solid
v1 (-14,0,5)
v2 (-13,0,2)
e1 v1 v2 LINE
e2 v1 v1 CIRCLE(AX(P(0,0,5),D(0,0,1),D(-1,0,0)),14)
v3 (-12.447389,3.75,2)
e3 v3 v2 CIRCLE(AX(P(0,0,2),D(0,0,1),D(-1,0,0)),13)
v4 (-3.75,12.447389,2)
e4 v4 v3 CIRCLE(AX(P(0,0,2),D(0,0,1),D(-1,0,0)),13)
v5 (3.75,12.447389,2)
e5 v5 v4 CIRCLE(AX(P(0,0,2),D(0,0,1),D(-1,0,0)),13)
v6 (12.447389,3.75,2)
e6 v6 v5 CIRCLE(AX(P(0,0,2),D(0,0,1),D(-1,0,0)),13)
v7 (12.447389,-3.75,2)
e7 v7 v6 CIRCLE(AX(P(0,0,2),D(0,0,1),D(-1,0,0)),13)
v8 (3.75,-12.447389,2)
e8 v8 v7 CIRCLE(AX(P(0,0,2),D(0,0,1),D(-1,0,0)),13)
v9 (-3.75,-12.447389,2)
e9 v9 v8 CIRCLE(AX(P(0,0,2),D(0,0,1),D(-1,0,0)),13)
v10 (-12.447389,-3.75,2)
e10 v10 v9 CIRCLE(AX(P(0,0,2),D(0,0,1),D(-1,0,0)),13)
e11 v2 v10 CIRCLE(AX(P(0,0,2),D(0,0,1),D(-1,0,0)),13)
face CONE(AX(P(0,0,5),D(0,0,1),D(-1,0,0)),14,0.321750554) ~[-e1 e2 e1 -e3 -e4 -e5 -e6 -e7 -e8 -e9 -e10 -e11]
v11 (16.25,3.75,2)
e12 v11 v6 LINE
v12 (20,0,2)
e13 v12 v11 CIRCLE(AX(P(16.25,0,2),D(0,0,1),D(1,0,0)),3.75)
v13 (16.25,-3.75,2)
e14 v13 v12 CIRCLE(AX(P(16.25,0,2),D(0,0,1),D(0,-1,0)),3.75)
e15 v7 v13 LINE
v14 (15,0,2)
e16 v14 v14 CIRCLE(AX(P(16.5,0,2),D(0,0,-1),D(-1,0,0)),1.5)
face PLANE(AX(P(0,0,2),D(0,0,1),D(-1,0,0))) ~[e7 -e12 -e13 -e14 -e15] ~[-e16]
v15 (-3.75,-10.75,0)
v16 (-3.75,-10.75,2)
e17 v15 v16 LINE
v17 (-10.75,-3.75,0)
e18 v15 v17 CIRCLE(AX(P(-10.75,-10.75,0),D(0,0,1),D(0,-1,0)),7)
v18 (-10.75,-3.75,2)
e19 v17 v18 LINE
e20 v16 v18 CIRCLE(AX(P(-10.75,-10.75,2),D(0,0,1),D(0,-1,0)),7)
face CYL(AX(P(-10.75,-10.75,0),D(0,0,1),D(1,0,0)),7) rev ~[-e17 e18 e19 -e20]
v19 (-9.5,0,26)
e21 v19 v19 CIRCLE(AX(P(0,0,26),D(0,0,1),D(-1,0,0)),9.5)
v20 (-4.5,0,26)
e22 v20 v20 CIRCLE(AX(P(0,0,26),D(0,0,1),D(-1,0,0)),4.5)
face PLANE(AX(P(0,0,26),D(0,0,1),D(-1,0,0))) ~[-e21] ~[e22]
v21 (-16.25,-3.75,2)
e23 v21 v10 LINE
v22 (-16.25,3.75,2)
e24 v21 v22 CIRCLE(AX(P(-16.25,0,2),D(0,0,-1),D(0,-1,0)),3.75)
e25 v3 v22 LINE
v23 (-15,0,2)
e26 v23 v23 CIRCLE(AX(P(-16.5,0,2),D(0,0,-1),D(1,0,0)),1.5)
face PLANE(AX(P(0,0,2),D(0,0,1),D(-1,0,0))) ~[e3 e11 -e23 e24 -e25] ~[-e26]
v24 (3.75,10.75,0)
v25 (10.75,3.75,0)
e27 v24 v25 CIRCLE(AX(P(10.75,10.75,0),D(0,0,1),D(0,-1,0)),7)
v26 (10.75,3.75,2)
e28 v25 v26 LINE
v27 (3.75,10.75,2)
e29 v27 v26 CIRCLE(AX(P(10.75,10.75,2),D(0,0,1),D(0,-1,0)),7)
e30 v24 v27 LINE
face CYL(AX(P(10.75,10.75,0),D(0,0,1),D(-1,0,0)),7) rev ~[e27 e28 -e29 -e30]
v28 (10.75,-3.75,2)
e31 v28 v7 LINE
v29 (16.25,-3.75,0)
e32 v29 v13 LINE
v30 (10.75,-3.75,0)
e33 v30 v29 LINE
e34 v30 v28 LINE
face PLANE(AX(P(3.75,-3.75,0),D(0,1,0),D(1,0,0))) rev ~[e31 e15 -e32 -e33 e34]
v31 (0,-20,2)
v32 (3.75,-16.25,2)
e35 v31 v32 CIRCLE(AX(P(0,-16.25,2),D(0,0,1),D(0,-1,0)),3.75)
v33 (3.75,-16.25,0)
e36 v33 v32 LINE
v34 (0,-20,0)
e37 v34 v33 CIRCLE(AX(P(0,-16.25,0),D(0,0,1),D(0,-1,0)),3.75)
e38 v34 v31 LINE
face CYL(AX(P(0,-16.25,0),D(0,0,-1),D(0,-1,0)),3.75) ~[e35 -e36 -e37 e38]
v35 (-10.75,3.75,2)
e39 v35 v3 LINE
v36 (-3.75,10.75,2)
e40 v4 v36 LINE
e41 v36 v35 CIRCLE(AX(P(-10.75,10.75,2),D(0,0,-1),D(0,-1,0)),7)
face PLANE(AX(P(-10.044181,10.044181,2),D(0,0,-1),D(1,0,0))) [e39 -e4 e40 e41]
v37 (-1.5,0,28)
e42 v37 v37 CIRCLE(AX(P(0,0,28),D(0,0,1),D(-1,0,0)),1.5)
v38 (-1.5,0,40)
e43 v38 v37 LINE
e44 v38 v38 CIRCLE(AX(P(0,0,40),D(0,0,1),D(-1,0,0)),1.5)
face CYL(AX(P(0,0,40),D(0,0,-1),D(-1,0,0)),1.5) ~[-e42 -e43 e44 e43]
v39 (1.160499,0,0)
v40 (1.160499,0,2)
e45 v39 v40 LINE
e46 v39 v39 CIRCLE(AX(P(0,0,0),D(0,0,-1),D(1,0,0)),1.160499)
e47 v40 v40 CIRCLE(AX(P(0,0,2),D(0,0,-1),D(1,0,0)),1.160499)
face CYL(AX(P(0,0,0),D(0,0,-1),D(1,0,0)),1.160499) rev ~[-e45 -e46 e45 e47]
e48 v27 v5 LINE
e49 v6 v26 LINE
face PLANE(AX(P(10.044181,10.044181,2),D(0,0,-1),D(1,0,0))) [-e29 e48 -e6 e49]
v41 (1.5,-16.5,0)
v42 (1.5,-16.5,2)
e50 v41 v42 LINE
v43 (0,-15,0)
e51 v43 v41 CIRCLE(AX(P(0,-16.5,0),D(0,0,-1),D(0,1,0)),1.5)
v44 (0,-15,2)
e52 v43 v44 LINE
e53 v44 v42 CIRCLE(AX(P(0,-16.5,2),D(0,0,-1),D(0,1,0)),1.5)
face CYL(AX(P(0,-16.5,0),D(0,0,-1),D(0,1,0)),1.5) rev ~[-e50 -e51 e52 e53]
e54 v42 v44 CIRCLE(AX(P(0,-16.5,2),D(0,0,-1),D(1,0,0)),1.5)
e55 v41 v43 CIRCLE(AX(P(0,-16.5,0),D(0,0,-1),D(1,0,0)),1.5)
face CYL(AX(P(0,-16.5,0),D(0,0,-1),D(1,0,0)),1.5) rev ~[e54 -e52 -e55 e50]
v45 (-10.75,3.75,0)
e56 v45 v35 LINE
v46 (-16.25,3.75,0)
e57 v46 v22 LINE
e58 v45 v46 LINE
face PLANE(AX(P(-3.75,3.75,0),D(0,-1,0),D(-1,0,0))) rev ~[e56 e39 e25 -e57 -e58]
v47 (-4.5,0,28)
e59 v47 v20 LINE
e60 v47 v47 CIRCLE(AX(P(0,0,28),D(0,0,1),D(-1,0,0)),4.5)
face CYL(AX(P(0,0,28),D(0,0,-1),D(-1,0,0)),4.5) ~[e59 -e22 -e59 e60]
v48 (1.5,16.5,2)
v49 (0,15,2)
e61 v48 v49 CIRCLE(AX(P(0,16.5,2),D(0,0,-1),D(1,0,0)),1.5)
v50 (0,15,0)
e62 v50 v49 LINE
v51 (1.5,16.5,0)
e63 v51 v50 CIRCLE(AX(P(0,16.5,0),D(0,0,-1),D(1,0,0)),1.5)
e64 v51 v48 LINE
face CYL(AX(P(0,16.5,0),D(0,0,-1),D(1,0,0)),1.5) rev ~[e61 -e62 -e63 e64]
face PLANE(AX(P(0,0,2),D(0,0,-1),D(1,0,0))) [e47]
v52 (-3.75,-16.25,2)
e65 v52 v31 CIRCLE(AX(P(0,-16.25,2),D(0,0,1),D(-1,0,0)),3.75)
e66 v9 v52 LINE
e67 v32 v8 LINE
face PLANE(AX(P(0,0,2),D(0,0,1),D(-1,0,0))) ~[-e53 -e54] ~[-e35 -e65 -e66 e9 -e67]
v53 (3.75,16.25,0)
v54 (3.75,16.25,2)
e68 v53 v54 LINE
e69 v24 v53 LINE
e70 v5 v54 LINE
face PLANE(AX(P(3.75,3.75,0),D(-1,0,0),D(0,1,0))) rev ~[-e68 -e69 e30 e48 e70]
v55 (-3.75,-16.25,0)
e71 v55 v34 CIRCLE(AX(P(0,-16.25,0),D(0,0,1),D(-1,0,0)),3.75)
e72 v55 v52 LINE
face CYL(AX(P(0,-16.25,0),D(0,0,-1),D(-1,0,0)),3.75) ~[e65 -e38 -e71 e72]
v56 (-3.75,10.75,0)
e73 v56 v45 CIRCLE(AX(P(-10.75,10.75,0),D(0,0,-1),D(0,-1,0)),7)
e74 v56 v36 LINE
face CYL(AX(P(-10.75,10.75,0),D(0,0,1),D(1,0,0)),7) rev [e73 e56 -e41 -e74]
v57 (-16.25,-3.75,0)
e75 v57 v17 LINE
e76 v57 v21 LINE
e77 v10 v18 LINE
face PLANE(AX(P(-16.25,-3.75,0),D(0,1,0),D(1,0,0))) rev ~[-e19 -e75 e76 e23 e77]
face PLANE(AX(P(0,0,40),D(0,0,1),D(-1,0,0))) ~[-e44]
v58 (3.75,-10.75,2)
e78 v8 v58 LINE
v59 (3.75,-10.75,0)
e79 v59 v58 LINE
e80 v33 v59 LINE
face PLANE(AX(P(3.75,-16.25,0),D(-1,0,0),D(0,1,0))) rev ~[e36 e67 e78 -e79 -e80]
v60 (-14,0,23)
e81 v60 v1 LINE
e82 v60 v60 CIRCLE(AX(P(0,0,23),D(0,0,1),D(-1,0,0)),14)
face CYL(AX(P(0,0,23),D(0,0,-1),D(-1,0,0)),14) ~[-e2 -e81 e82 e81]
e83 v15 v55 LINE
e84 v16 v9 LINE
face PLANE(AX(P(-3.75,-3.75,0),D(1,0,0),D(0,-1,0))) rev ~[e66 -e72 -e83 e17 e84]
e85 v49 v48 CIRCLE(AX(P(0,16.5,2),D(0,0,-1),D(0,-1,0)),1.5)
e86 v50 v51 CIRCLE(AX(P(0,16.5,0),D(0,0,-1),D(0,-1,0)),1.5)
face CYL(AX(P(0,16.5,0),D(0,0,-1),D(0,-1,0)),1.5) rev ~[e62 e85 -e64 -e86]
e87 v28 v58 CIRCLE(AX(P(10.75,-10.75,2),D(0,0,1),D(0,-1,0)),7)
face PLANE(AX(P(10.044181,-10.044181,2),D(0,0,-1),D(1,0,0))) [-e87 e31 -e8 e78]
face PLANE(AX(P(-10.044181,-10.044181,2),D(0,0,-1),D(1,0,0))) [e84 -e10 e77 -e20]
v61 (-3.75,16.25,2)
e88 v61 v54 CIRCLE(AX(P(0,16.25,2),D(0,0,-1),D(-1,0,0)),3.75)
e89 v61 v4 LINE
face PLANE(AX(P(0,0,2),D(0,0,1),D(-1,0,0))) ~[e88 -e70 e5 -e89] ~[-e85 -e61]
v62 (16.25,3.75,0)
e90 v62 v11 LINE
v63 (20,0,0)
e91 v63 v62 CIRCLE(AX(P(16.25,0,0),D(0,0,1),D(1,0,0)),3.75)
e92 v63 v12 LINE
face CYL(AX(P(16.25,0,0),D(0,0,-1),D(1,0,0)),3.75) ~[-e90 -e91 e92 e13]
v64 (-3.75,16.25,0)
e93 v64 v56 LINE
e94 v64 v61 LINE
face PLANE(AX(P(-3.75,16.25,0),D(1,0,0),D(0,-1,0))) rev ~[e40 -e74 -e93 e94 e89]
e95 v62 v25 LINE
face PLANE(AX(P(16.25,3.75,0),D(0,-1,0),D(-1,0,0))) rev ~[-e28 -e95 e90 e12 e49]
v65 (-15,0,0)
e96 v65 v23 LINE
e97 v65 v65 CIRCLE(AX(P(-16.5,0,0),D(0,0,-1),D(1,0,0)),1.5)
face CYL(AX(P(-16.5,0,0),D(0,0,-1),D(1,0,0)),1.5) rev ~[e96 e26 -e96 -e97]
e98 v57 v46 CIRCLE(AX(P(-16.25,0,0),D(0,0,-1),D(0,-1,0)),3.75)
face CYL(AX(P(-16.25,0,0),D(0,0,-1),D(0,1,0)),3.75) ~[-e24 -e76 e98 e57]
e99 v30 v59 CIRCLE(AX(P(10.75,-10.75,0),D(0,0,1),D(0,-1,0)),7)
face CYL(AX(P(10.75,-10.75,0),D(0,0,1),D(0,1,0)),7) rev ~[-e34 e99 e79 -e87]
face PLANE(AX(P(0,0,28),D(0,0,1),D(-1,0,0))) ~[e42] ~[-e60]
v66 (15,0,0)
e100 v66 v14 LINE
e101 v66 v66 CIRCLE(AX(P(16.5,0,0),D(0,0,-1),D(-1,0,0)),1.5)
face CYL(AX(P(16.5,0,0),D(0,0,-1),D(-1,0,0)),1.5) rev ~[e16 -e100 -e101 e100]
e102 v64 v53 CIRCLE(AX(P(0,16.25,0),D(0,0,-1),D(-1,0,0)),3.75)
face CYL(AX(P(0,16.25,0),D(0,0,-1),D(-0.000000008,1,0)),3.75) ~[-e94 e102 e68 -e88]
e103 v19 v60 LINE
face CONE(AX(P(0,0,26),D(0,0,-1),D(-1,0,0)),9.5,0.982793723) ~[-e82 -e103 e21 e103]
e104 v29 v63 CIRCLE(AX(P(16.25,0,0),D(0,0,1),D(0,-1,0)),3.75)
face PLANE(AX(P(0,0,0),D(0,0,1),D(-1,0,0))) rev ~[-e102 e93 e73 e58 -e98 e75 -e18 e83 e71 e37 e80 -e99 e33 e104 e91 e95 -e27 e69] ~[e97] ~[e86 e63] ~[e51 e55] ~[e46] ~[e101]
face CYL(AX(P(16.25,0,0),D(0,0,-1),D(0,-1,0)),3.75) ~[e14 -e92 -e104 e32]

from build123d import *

# Parameters (mm, degrees)
F3_DEPTH = 2
F4_R     = 7
F2_R     = 1.1604986379
F5_DEPTH = 2
F6_R     = 1.5
F7_DEPTH = 2


with BuildPart() as f1:
    # F0 (on Front) → F1 (revolve)
    with BuildSketch(Plane.XZ):
        Polygon((-20, 0), (0, 0), (0, 40), (-1.5, 40), (-1.5, 28), (-4.5, 28), (-4.5, 26), (-9.5, 26), (-14, 23), (-14, 5), (-13, 2), (-20, 2), align=None)
    revolve(axis=Axis((0, 0, 20), (0, 0, 1)))

    # F2 (on face) → F3 (cut)
    with BuildSketch(Plane(origin=(0, 0, 0), x_dir=(1, 0, 0), z_dir=(0, 0, -1))):
        with BuildLine():
            Line((-3.75, 3.75), (-3.75, 16.25))
            ThreePointArc((-3.75, 16.25), (-2.6516504294, 18.9016504294), (0, 20))
            ThreePointArc((0, 20), (-14.1421355915, 14.1421356559), (-20, 9.1e-08))
            ThreePointArc((-20, 9.1e-08), (-18.9016503973, 2.6516504616), (-16.25, 3.75))
            Line((-16.25, 3.75), (-3.75, 3.75))
        make_face()
        with BuildLine():
            ThreePointArc((0, 20), (2.6516504294, 18.9016504294), (3.75, 16.25))
            Line((3.75, 16.25), (3.75, 3.75))
            Line((3.75, 3.75), (16.25, 3.75))
            ThreePointArc((16.25, 3.75), (18.9016504294, 2.6516504294), (20, 0))
            ThreePointArc((20, 0), (14.1421356237, 14.1421356237), (0, 20))
        make_face()
        with BuildLine():
            ThreePointArc((-2.95e-08, -20), (14.1421356133, -14.1421356341), (20, 0))
            ThreePointArc((20, 0), (18.9016504294, -2.6516504294), (16.25, -3.75))
            Line((16.25, -3.75), (3.75, -3.75))
            Line((3.75, -3.75), (3.75, -16.25))
            ThreePointArc((3.75, -16.25), (2.651650419, -18.9016504399), (-2.95e-08, -20))
        make_face()
        with BuildLine():
            ThreePointArc((-16.25, -3.75), (-18.9016504616, -2.6516503973), (-20, 9.1e-08))
            ThreePointArc((-20, 9.1e-08), (-14.1421356663, -14.1421355811), (-2.95e-08, -20))
            ThreePointArc((-2.95e-08, -20), (-2.6516504399, -18.901650419), (-3.75, -16.25))
            Line((-3.75, -16.25), (-3.75, -3.75))
            Line((-3.75, -3.75), (-16.25, -3.75))
        make_face()
    extrude(amount=-F3_DEPTH, mode=Mode.SUBTRACT)

    # F4
    f4_edges = [f1.edges().sort_by_distance(p)[0] for p in [
        (3.75, 3.75, 1),
        (-3.75, 3.75, 1),
        (-3.75, -3.75, 1),
        (3.75, -3.75, 1),
    ]]
    fillet(f4_edges, radius=F4_R)

    # F2 (on face) → F5 (cut)
    with BuildSketch(Plane(origin=(0, 0, 0), x_dir=(1, 0, 0), z_dir=(0, 0, -1))):
        Circle(F2_R)
    extrude(amount=-F5_DEPTH, mode=Mode.SUBTRACT)

    # F6 (on face) → F7 (cut)
    with BuildSketch(Plane(origin=(0, 0, 0), x_dir=(1, 0, 0), z_dir=(0, 0, -1))):
        with BuildLine():
            ThreePointArc((1.5, 16.5), (-1.0606601718, 17.5606601718), (0, 15))
            ThreePointArc((0, 15), (1.0606601718, 15.4393398282), (1.5, 16.5))
        make_face()
        with Locations((-16.5, 0)):
            Circle(F6_R)
        with BuildLine():
            ThreePointArc((1.5, -16.5), (1.0606601718, -15.4393398282), (0, -15))
            ThreePointArc((0, -15), (-1.0606601718, -17.5606601718), (1.5, -16.5))
        make_face()
        with BuildLine():
            ThreePointArc((18, 0), (16.5, 1.5), (15, 0))
            ThreePointArc((15, 0), (16.5, -1.5), (18, 0))
        make_face()
    extrude(amount=-F7_DEPTH, mode=Mode.SUBTRACT)


solid = f1.part
